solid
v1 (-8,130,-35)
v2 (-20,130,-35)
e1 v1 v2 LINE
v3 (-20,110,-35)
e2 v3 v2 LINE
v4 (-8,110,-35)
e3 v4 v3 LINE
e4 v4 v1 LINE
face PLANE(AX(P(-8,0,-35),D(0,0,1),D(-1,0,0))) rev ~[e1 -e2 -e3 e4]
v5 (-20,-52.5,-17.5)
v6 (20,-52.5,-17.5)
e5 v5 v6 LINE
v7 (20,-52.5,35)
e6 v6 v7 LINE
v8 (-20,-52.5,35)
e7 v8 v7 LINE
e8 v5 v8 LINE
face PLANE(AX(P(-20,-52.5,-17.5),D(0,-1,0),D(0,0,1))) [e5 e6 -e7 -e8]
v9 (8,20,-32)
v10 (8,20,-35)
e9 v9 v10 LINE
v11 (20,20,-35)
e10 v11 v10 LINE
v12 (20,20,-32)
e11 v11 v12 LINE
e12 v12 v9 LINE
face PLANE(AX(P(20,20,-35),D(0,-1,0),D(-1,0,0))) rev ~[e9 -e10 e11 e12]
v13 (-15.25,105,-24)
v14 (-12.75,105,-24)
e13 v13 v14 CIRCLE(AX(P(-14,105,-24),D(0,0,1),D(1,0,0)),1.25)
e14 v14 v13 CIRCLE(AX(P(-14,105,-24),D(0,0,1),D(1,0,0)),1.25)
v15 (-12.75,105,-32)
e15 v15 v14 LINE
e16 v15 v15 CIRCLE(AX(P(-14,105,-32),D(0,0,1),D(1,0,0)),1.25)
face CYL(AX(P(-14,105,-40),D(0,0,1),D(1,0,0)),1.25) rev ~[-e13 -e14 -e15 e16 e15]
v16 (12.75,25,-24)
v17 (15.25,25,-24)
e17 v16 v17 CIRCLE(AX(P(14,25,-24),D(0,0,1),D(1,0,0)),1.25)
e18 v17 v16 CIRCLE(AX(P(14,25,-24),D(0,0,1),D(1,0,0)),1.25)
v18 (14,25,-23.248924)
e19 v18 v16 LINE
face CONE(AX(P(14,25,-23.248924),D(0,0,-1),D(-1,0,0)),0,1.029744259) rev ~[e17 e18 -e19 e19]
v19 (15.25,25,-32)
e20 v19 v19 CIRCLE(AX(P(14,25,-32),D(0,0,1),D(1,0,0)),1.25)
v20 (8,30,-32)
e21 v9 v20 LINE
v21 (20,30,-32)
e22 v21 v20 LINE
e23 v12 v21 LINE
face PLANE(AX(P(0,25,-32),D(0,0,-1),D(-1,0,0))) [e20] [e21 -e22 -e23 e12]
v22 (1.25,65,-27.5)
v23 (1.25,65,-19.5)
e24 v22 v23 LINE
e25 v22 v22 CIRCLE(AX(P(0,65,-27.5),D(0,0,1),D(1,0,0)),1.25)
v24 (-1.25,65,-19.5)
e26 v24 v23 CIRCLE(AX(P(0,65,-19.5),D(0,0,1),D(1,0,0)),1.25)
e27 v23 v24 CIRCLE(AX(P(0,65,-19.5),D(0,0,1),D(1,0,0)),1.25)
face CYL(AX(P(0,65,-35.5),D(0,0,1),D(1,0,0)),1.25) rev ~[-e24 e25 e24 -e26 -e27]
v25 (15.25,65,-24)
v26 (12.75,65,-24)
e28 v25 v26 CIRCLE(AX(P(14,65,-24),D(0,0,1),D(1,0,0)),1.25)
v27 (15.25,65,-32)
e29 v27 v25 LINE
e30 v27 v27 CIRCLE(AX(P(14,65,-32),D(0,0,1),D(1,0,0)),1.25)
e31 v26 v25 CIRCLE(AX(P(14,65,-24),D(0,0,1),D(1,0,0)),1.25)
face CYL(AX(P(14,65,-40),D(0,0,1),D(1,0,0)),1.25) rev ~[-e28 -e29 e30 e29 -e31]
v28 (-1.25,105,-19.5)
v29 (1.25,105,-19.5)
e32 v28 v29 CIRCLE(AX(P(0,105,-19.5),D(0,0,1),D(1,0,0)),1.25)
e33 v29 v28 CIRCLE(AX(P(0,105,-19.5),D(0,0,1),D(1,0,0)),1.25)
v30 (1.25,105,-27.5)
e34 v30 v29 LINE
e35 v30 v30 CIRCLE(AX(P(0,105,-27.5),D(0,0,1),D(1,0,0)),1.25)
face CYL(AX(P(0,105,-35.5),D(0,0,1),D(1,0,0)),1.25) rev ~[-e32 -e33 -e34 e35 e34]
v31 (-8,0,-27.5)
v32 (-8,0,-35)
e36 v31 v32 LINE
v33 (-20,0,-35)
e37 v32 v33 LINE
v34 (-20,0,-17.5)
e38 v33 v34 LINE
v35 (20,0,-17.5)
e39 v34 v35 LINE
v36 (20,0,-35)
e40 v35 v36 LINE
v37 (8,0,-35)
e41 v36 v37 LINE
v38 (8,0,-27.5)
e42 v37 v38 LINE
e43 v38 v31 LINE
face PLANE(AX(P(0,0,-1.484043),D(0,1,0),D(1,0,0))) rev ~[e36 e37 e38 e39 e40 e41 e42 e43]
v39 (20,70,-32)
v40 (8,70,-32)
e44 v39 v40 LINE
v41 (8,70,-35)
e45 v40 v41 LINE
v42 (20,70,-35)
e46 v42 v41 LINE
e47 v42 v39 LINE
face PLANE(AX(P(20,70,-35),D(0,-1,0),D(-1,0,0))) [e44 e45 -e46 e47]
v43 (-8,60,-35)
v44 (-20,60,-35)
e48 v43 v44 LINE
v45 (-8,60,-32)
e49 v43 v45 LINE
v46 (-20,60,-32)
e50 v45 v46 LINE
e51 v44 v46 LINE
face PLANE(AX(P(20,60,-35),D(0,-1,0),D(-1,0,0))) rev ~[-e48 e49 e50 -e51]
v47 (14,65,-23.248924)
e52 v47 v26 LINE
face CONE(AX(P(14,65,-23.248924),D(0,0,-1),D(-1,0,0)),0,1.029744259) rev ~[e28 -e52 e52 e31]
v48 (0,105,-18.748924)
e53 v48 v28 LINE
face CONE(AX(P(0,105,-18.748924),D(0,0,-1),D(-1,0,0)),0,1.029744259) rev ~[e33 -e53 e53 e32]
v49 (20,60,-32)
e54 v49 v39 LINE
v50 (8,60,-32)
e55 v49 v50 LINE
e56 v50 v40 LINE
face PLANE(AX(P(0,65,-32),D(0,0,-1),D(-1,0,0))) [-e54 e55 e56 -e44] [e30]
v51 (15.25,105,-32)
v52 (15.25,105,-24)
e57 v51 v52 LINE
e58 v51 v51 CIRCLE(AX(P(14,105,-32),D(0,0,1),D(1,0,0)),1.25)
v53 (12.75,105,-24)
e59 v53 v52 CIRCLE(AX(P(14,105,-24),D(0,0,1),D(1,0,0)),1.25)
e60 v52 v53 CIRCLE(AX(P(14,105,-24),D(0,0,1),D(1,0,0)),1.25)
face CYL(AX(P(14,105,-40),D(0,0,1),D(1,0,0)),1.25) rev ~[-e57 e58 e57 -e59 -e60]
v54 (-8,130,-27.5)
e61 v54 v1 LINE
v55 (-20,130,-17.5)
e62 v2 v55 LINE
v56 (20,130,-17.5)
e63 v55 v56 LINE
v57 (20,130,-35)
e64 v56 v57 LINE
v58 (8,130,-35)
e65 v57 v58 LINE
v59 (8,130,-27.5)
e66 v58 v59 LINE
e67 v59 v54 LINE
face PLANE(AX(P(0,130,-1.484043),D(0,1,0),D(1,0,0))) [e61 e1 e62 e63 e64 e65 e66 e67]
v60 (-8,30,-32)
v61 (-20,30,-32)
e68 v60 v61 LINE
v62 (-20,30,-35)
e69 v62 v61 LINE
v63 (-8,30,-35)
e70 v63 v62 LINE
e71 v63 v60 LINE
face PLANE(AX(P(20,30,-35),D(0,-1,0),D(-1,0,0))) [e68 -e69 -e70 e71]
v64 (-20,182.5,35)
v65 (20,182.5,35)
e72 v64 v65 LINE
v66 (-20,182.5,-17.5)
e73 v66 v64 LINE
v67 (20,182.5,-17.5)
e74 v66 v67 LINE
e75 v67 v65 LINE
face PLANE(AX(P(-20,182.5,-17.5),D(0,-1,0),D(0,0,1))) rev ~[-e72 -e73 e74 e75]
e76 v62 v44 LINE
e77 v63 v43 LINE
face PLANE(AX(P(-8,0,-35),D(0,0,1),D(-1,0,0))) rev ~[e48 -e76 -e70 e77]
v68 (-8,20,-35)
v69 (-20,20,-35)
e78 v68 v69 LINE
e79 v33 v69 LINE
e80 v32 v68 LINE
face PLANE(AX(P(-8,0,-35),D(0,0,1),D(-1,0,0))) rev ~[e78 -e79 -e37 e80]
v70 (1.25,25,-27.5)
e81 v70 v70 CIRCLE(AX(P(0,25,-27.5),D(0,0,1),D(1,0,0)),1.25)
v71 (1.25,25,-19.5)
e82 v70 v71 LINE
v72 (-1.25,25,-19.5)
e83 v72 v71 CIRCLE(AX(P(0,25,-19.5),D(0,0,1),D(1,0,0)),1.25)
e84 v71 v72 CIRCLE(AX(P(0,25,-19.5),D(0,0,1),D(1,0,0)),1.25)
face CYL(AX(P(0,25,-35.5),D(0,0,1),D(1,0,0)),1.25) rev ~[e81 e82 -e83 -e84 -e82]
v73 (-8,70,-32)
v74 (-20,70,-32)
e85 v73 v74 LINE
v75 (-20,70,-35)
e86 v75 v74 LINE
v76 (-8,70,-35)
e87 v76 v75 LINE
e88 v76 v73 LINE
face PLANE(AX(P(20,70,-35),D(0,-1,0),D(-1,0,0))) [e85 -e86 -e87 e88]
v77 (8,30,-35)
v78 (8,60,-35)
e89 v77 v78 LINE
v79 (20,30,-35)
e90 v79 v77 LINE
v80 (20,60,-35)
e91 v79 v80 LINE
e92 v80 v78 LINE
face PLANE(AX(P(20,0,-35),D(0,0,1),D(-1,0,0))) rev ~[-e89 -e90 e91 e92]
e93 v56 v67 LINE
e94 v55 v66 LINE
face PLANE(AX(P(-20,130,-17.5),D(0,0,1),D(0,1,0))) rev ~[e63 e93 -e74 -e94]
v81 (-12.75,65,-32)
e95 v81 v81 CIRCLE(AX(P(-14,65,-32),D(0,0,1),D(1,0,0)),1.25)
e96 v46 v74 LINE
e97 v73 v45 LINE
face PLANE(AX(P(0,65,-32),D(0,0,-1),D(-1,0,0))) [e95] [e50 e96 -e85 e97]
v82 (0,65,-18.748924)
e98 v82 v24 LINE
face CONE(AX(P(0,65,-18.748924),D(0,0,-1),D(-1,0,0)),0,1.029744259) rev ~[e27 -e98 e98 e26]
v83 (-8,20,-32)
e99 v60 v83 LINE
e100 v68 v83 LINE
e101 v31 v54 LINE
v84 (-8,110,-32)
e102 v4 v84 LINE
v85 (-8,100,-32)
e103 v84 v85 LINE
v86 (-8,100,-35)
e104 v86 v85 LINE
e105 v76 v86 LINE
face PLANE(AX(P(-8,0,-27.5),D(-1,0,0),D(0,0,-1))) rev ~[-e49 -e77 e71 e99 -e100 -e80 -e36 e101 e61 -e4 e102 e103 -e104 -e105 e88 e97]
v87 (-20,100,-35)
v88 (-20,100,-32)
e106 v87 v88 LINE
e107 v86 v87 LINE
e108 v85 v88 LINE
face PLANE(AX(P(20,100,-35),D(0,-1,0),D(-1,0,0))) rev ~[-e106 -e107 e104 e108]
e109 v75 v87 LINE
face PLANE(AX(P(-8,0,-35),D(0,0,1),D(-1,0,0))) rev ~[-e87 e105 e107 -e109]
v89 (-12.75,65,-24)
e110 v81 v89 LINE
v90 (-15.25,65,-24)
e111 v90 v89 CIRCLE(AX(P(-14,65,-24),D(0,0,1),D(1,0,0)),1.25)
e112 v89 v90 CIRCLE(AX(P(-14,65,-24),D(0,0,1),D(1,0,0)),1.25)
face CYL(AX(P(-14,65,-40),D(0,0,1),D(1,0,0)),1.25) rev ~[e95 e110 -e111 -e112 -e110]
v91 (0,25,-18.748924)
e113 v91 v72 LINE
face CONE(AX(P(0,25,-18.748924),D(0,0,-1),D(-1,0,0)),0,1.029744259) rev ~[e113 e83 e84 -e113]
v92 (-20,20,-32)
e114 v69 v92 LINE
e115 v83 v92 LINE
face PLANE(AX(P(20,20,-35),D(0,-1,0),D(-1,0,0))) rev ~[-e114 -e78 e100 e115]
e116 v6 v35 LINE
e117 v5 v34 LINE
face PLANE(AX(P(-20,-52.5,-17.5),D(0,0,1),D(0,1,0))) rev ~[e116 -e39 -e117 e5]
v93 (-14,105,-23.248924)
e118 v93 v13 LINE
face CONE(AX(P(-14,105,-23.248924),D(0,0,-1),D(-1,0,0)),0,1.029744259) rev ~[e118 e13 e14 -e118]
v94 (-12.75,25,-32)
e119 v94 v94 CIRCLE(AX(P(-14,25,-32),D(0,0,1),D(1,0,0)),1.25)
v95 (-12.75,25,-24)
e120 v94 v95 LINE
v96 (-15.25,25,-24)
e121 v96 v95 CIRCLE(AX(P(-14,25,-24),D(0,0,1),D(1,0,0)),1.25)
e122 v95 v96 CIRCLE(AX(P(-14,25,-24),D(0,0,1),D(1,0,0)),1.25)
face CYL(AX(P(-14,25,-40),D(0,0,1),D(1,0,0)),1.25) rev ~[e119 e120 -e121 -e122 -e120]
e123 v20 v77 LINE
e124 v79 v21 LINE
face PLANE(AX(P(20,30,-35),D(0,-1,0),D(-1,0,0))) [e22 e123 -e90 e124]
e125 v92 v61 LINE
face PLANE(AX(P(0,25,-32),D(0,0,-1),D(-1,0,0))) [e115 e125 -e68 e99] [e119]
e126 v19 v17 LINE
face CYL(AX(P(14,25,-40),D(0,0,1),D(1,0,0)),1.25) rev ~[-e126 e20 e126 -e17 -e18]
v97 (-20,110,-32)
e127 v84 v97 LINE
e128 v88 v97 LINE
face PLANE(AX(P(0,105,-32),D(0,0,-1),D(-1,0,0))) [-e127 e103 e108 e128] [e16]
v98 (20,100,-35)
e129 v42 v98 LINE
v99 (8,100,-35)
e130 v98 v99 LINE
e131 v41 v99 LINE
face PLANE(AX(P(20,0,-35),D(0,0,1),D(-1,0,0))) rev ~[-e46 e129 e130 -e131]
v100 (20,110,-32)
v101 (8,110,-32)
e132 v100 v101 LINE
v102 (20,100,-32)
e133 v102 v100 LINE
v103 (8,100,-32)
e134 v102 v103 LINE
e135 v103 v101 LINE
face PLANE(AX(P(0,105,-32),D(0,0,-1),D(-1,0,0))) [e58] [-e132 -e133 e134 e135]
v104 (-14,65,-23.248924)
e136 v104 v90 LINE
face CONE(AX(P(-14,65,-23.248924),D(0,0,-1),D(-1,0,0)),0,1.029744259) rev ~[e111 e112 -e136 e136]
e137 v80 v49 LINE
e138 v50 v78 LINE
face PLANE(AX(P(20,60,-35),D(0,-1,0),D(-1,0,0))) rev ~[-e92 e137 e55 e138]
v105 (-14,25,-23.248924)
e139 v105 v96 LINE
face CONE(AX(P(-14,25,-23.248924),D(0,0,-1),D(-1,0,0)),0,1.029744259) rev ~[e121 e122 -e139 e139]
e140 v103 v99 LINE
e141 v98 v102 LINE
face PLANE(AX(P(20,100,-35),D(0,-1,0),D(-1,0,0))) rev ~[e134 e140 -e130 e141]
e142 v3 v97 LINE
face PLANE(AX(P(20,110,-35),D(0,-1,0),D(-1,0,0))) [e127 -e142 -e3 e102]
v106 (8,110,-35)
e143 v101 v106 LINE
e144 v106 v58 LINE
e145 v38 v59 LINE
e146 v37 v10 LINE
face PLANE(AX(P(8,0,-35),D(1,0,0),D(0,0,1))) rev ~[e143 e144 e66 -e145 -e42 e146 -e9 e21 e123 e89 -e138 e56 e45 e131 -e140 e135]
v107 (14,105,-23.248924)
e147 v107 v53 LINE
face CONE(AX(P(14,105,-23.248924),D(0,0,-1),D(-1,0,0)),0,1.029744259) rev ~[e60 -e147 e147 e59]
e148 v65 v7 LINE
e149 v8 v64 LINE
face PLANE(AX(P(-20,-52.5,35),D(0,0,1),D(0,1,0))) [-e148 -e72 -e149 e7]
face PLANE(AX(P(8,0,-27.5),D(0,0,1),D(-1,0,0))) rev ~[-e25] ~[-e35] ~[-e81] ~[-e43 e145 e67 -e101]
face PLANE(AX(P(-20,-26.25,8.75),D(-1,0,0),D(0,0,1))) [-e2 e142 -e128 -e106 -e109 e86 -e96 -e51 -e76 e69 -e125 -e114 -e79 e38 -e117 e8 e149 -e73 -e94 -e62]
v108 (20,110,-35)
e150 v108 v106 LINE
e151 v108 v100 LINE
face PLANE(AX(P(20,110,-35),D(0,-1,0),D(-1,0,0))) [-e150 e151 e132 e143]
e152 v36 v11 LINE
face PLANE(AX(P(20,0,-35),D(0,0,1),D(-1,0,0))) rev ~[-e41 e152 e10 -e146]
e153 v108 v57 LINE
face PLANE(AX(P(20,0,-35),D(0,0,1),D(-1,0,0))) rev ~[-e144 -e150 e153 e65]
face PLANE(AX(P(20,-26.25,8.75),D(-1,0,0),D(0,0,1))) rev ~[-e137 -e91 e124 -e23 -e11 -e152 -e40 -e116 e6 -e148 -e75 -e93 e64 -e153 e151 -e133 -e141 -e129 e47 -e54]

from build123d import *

# Parameters (mm, degrees)
BOSS_EXTRUDE1_DEPTH   = 130
SKETCH2_W             = 40
SKETCH2_H             = 10
CUT_EXTRUDE1_DEPTH    = 3
M3_TAPPED_HOLE1_D     = 2.5
M3_TAPPED_HOLE1_DEPTH = 8
M3_TAPPED_HOLE1_TIP   = 0.751075774
M3_TAPPED_HOLE2_D     = 2.5
M3_TAPPED_HOLE2_DEPTH = 8
M3_TAPPED_HOLE2_TIP   = 0.751075774
SKETCH9_W             = 52.5
SKETCH9_H             = 52.5
BOSS_EXTRUDE2_DEPTH   = 40


with BuildPart() as part:
    # Sketch1 → Boss-Extrude1 (new body)
    with BuildSketch(Plane(origin=(0, 0, 0), x_dir=(1, 0, 0), z_dir=(0, 1, 0))):
        Polygon((-20, 35), (-20, -35), (20, -35), (20, 35), (8, 35), (8, 27.5), (-8, 27.5), (-8, 35), align=None)
    extrude(amount=BOSS_EXTRUDE1_DEPTH)

    # Sketch2 → Cut-Extrude1 (cut)
    with BuildSketch(Plane(origin=(0, 0, -35), x_dir=(-1, 0, 0), z_dir=(0, 0, -1))):
        with Locations((0, 25)):
            Rectangle(SKETCH2_W, SKETCH2_H)
        with Locations((0, 65)):
            Rectangle(SKETCH2_W, SKETCH2_H)
        with Locations((0, 105)):
            Rectangle(SKETCH2_W, SKETCH2_H)
    extrude(amount=-CUT_EXTRUDE1_DEPTH, mode=Mode.SUBTRACT)

    # M3 Tapped Hole1
    with Locations(Plane(origin=(-14, 25, -32), x_dir=(-1, 0, 0), z_dir=(0, 0, -1))):
        with Locations((0, 0), (-28, 0), (0, 80), (-28, 80), (0, 40), (-28, 40)):
            Hole(M3_TAPPED_HOLE1_D / 2, depth=M3_TAPPED_HOLE1_DEPTH)
            with Locations((0, 0, -(M3_TAPPED_HOLE1_DEPTH + M3_TAPPED_HOLE1_TIP / 2))):  # 118° drill point
                Cone(0, M3_TAPPED_HOLE1_D / 2, M3_TAPPED_HOLE1_TIP, mode=Mode.SUBTRACT)

    # M3 Tapped Hole2
    with Locations(Plane(origin=(0, 25, -27.5), x_dir=(-1, 0, 0), z_dir=(0, 0, -1))):
        with Locations((0, 0), (0, 40), (0, 80)):
            Hole(M3_TAPPED_HOLE2_D / 2, depth=M3_TAPPED_HOLE2_DEPTH)
            with Locations((0, 0, -(M3_TAPPED_HOLE2_DEPTH + M3_TAPPED_HOLE2_TIP / 2))):  # 118° drill point
                Cone(0, M3_TAPPED_HOLE2_D / 2, M3_TAPPED_HOLE2_TIP, mode=Mode.SUBTRACT)

    # Sketch9 → Boss-Extrude2 (add)
    with BuildSketch(Plane.ZY.offset(20)):
        with Locations((8.75, -26.25)):
            Rectangle(SKETCH9_W, SKETCH9_H)
        with Locations((8.75, 156.25)):
            Rectangle(SKETCH9_W, SKETCH9_H)
    extrude(amount=-BOSS_EXTRUDE2_DEPTH)


solid = part.part
